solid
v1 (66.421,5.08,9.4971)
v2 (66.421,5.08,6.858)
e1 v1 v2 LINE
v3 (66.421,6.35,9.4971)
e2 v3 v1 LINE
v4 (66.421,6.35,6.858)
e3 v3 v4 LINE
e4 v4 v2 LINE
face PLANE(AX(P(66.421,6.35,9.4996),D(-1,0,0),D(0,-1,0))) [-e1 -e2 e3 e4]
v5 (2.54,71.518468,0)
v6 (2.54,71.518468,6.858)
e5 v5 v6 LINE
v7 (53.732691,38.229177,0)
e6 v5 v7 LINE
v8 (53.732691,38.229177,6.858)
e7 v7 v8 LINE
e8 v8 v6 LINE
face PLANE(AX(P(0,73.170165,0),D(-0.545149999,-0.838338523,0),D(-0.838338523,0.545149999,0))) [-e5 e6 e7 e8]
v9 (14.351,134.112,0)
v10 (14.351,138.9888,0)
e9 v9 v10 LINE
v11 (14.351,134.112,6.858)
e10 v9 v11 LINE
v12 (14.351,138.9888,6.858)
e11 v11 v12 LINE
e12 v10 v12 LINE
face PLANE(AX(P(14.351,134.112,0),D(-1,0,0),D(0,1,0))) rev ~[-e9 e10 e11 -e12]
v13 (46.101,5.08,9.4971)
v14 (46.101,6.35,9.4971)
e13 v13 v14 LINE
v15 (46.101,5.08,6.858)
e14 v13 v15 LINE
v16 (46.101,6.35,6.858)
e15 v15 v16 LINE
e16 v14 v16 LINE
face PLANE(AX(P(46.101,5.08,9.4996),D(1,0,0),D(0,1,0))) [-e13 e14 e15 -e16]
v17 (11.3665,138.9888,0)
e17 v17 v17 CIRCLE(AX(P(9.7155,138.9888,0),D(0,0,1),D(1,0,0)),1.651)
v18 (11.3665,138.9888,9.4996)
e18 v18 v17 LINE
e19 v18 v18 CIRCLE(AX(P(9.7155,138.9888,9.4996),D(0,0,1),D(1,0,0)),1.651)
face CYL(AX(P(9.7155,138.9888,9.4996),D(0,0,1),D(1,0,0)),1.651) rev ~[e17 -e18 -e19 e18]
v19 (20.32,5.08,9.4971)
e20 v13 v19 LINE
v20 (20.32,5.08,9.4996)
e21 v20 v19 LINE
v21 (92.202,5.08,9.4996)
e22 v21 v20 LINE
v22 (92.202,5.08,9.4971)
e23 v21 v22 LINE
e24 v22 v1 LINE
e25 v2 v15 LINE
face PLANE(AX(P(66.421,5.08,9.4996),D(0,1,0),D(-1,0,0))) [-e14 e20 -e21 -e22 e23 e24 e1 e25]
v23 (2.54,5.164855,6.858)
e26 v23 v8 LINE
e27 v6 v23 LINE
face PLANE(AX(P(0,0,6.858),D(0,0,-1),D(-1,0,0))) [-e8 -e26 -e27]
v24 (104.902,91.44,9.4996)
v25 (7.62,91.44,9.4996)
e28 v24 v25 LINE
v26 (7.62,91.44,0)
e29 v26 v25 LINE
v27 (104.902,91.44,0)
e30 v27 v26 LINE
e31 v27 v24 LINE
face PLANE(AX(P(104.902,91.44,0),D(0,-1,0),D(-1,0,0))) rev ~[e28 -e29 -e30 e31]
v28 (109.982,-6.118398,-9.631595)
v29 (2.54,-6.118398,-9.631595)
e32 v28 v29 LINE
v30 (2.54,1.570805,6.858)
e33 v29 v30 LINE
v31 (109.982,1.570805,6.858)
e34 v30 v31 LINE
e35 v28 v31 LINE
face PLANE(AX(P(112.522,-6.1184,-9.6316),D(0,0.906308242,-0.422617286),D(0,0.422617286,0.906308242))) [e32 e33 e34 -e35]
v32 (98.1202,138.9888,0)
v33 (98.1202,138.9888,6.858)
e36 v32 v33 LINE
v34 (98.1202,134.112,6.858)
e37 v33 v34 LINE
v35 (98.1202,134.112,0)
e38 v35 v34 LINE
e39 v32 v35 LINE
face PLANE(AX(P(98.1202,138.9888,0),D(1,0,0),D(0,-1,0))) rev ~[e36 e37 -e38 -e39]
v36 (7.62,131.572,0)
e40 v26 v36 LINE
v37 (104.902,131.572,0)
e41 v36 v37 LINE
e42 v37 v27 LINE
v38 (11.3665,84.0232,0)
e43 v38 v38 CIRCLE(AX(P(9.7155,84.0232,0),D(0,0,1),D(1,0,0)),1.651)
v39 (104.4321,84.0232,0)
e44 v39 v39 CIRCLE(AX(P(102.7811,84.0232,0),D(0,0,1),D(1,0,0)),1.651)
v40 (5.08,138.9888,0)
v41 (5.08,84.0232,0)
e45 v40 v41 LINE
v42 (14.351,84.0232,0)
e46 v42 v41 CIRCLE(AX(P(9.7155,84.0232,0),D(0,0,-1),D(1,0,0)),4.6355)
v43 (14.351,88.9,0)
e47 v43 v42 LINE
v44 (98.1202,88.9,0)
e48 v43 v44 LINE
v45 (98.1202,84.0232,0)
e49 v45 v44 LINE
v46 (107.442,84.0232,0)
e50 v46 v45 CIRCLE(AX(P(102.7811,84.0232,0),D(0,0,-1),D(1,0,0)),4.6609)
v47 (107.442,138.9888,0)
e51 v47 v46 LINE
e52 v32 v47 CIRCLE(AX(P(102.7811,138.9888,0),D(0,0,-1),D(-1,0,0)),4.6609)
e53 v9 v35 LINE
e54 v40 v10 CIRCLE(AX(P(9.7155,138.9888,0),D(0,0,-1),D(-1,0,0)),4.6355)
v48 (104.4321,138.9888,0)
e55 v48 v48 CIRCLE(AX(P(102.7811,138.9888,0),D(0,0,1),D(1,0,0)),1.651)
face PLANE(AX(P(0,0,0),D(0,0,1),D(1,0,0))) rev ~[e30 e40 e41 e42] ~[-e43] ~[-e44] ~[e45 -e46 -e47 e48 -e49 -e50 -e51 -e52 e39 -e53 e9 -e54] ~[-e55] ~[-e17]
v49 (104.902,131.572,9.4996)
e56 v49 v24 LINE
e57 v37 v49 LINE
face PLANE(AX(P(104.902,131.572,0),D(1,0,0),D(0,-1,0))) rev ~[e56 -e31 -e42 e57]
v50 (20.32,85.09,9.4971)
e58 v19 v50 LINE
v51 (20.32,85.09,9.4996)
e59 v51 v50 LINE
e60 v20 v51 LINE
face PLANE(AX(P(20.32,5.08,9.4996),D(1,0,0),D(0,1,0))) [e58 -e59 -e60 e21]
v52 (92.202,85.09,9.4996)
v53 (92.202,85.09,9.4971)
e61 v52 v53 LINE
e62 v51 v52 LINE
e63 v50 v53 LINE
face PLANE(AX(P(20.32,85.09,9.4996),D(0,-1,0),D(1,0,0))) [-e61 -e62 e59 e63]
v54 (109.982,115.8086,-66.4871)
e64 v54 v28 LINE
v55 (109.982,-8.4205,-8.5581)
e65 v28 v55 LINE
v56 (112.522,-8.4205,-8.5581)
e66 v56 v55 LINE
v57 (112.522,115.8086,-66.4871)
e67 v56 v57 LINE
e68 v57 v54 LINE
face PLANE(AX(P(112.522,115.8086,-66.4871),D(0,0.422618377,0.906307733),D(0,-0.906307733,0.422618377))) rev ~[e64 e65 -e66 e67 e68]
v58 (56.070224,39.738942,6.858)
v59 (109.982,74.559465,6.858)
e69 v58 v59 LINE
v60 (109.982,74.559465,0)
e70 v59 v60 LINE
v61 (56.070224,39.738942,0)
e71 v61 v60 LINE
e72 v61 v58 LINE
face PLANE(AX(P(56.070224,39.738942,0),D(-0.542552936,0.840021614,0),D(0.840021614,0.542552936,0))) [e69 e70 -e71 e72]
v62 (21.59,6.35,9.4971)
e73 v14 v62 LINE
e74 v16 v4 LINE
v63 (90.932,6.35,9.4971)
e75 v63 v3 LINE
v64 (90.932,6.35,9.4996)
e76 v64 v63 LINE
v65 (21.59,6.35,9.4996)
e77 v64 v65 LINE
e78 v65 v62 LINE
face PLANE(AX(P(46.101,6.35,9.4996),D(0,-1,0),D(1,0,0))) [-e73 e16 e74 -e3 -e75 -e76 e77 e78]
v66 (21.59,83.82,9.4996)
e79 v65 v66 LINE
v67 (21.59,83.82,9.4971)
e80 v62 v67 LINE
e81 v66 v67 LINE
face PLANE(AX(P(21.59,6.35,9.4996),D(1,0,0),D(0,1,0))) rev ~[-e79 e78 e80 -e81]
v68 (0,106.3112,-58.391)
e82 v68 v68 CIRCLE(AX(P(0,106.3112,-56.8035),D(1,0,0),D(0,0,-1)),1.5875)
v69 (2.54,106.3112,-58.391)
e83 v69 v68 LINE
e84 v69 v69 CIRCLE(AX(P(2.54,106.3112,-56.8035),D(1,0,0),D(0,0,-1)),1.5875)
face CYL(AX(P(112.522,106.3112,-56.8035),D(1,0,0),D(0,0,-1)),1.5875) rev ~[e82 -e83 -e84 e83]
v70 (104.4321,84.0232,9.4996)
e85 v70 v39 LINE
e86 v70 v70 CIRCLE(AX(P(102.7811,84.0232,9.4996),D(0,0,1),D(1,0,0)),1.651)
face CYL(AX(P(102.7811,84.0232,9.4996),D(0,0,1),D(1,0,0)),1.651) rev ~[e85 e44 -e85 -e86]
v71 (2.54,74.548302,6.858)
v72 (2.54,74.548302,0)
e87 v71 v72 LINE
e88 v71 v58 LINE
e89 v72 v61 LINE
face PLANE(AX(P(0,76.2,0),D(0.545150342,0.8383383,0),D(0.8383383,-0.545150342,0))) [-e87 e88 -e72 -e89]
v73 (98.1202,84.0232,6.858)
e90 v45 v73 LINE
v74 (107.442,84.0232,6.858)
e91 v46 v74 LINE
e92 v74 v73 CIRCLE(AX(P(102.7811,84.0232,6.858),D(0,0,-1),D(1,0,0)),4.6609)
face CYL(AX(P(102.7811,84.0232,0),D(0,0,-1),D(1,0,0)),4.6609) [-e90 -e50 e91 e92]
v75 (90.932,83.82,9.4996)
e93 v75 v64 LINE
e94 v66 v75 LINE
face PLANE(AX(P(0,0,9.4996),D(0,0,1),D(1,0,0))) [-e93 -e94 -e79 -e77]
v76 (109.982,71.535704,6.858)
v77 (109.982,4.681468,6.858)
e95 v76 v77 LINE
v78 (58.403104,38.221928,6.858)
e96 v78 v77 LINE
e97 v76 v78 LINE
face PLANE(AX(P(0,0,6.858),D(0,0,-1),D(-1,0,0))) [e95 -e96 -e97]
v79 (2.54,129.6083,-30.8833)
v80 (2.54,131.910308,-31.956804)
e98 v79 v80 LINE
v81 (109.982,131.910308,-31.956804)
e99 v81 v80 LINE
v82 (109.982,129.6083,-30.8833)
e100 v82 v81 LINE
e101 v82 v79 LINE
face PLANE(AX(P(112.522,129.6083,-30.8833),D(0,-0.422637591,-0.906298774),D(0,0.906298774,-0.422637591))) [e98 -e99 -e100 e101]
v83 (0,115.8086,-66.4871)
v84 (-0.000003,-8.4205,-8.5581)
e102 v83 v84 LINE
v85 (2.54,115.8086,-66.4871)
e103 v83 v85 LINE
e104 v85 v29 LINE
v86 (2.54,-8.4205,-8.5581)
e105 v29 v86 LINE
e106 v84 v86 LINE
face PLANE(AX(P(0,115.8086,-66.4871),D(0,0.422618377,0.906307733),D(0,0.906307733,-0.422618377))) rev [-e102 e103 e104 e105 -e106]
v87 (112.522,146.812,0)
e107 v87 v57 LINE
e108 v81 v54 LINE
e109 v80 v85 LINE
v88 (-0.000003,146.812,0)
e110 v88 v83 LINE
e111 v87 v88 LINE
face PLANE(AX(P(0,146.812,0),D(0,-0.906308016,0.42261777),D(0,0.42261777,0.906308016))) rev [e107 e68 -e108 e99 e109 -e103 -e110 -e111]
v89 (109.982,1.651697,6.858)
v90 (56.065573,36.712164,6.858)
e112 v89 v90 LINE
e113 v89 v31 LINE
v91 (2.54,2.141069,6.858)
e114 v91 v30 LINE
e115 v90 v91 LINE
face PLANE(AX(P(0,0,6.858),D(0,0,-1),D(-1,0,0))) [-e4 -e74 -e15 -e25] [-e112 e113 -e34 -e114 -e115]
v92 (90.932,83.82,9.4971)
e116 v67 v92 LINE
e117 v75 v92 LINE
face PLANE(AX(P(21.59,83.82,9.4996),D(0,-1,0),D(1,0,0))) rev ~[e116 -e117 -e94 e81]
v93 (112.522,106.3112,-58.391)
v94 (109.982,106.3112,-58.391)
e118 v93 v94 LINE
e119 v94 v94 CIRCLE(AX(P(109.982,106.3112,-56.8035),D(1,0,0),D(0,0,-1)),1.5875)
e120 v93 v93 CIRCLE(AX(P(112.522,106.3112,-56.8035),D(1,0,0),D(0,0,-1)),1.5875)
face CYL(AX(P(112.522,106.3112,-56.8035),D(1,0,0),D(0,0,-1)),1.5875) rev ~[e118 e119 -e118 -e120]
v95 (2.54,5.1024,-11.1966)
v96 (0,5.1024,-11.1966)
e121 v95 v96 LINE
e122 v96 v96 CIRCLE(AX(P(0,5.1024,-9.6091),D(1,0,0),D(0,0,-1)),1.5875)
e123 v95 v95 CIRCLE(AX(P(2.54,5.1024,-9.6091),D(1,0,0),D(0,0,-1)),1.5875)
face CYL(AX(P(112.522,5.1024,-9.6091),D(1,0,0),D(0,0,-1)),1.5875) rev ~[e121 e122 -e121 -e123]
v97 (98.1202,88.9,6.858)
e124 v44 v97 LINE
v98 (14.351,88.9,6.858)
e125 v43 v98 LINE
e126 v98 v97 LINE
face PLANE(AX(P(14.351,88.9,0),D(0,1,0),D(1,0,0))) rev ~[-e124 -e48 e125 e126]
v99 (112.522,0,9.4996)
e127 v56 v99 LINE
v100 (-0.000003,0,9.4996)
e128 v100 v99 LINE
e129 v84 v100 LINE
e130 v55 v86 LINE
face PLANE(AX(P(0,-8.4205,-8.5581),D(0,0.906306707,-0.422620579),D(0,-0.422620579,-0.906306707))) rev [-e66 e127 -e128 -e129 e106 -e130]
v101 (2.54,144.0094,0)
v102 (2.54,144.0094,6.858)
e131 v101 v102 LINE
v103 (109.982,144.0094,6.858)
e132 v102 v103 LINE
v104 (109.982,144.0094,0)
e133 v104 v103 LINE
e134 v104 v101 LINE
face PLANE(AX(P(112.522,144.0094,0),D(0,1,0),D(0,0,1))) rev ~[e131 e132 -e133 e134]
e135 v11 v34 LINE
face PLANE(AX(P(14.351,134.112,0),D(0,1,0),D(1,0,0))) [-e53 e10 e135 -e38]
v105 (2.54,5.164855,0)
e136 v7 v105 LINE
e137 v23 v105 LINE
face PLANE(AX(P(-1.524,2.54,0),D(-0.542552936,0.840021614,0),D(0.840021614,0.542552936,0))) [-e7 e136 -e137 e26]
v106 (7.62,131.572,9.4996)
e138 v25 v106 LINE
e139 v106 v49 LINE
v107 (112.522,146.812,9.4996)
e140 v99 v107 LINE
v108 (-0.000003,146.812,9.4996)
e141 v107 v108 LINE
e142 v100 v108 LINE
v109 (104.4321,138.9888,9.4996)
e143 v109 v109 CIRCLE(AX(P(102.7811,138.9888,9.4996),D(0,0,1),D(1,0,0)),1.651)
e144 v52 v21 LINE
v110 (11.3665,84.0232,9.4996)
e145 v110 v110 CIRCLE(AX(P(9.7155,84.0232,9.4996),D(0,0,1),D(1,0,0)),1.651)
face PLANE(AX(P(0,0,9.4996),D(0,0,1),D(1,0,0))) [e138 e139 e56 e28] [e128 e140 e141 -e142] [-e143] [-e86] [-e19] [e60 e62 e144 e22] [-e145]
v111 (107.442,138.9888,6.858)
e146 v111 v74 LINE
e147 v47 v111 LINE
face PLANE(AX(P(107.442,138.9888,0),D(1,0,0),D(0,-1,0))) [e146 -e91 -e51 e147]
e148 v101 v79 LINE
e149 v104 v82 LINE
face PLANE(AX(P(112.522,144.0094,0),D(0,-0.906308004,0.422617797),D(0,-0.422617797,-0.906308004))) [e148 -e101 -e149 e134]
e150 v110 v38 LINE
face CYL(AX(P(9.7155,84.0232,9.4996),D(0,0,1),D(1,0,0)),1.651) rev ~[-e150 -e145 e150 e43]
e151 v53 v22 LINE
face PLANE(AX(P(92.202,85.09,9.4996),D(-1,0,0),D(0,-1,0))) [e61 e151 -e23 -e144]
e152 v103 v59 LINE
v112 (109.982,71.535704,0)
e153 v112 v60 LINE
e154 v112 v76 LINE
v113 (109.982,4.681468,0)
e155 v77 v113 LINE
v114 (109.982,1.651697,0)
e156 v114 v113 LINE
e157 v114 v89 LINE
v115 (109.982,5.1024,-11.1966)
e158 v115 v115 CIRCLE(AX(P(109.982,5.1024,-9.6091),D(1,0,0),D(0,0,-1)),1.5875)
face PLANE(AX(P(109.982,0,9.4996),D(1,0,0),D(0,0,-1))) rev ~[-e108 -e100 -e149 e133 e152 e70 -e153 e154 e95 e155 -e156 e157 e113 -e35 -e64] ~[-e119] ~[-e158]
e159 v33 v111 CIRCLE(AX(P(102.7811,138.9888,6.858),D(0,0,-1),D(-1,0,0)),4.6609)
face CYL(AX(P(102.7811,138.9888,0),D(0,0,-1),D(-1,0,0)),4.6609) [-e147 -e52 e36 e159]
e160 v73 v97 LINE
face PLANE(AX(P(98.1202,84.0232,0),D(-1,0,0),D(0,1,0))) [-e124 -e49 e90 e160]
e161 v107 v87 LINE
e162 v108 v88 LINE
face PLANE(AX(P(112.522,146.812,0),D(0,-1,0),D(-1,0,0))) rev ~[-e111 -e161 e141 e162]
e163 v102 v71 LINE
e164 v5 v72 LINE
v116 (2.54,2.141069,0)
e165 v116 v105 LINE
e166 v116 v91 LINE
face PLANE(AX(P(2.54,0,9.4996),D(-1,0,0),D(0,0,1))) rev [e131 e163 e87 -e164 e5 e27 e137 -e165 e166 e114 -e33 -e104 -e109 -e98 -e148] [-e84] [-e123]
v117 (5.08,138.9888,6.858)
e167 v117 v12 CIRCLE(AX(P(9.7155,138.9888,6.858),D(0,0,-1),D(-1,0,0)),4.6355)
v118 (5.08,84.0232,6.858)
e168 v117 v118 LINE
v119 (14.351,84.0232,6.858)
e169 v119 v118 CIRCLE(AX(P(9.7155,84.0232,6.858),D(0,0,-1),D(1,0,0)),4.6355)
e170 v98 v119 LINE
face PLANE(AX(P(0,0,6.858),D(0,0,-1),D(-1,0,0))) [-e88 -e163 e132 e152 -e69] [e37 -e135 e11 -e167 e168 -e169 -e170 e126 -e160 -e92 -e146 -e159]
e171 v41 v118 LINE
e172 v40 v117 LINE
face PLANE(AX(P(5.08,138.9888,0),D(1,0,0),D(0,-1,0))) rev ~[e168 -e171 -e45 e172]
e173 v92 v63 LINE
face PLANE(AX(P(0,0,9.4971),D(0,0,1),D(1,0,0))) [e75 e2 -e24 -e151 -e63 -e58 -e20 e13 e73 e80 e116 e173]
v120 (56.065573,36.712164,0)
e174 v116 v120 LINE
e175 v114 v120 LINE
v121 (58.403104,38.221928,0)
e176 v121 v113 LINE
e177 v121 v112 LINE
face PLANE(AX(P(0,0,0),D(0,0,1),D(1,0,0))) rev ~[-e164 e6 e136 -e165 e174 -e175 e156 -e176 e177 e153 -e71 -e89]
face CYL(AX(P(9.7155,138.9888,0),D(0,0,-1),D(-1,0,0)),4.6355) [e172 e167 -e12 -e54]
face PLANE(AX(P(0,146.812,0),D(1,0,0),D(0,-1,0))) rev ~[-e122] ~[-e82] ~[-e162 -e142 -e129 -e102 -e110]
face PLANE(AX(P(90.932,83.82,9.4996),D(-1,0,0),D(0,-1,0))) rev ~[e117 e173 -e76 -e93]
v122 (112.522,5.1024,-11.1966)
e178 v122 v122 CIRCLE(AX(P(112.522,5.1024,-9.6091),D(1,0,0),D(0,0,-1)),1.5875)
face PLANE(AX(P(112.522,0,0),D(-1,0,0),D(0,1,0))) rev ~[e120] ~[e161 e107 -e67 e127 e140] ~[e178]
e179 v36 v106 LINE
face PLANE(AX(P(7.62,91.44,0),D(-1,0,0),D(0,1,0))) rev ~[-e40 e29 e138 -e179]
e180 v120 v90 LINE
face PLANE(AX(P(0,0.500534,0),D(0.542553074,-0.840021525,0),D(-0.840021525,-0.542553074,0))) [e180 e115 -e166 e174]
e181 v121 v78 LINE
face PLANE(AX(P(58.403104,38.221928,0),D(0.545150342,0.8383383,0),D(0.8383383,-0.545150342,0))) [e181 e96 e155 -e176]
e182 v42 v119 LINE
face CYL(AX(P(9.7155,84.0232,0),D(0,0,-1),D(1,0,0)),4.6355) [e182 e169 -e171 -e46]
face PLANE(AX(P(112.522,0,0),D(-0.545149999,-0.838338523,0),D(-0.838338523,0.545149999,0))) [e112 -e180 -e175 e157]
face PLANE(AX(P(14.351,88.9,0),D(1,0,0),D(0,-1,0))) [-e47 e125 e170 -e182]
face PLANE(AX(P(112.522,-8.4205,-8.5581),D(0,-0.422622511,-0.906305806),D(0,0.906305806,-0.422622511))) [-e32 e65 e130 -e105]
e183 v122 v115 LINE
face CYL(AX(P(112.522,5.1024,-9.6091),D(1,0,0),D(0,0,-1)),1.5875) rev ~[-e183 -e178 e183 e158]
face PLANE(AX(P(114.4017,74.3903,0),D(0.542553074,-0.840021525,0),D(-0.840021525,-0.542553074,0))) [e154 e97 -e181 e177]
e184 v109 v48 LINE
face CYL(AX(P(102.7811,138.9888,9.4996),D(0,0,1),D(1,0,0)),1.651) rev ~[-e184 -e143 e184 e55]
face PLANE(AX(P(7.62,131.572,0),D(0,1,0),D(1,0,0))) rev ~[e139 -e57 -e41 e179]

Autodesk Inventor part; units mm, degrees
ref_plane "YZ Plane" through (0, 0, 0) normal (1, 0, 0) x (0, 1, 0)
ref_plane "XZ Plane" through (0, 0, 0) normal (0, 1, 0) x (-1, 0, 0)
ref_plane "XY Plane" through (0, 0, 0) normal (0, 0, 1) x (1, 0, 0)
sketch "Sketch1" plane through (0, 0, 0) normal (0, 0, 1) x (1, 0, 0)
  line L0 (0, 0) -> (112.522, 0)
  line L1 (112.522, 0) -> (112.522, 146.812)
  line L2 (112.522, 146.812) -> (0, 146.812)
  line L3 (0, 146.812) -> (0, 0)
  line L4 (7.62, 131.572) -> (104.902, 131.572)
  line L5 (104.902, 131.572) -> (104.902, 91.44)
  line L6 (104.902, 91.44) -> (7.62, 91.44)
  line L7 (7.62, 91.44) -> (7.62, 131.572)
  line L8 (21.59, 83.82) -> (90.932, 83.82)
  line L9 (90.932, 83.82) -> (90.932, 6.35)
  line L10 (90.932, 6.35) -> (21.59, 6.35)
  line L11 (21.59, 6.35) -> (21.59, 83.82)
  dimension "d0" = 97.282
  dimension "d1" = 40.132
  dimension "d2" = 69.342
  dimension "d3" = 77.47
  dimension "d4" = 6.35
  dimension "d5" = 21.59
  dimension "d6" = 7.62
  dimension "d7" = 7.62
  dimension "d8" = 15.24
  dimension "d9" = 7.62
extrude "Extrusion1" add sketch "Sketch1" along normal blind 9.4996 contours L3 L2 L1 L0 | L8 L9 L10 L11
sketch "Sketch2" plane through (0, 0, 9.4996) normal (0, 0, 1) x (1, 0, 0)
  line L0 (0, 0) -> (112.522, 0)
  line L1 (112.522, 0) -> (112.522, 139.192)
  line L2 (112.522, 139.192) -> (0, 139.192)
  line L3 (0, 139.192) -> (0, 0)
  line L4 (7.62, 131.572) -> (104.902, 131.572)
  line L5 (104.902, 131.572) -> (104.902, 91.44)
  line L6 (104.902, 91.44) -> (7.62, 91.44)
  line L7 (7.62, 91.44) -> (7.62, 131.572)
  line L8 (21.59, 83.82) -> (90.932, 83.82)
  line L9 (90.932, 83.82) -> (90.932, 6.35)
  line L10 (90.932, 6.35) -> (21.59, 6.35)
  line L11 (21.59, 6.35) -> (21.59, 83.82)
  line L12 (20.32, 85.09) -> (92.202, 85.09)
  line L13 (92.202, 85.09) -> (92.202, 5.08)
  line L14 (92.202, 5.08) -> (20.32, 5.08)
  line L15 (20.32, 5.08) -> (20.32, 85.09)
  dimension "d12" = 97.282
  dimension "d13" = 40.132
  dimension "d14" = 69.342
  dimension "d15" = 77.47
  dimension "d16" = 6.35
  dimension "d17" = 21.59
  dimension "d18" = 7.62
  dimension "d19" = 7.62
  dimension "d20" = 7.62
  dimension "d21" = 7.62
  dimension "d33" = 1.27
  dimension "d34" = 1.27
  dimension "d35" = 1.27
  dimension "d36" = 1.27
extrude "Extrusion2" cut sketch "Sketch2" against normal blind 0.0025 contours L12 L13 L14 L15
sketch "Sketch3" plane through (0, 0, 9.4996) normal (0, 0, 1) x (1, 0, 0)
  circle A0 centre (9.7155, 138.9888) radius 1.651
  circle A1 centre (102.7811, 138.9888) radius 1.651
  circle A2 centre (102.7811, 84.0232) radius 1.651
  circle A3 centre (9.7155, 84.0232) radius 1.651
  line L0 (104.902, 131.572) -> (104.902, 91.44)
  line L1 (104.902, 91.44) -> (7.62, 91.44)
  line L2 (21.59, 6.35) -> (90.932, 6.35)
  line L3 (92.202, 5.08) -> (20.32, 5.08)
  line L4 (46.101, 6.35) -> (66.421, 6.35)
  line L5 (66.421, 6.35) -> (66.421, 5.08)
  line L6 (66.421, 5.08) -> (46.101, 5.08)
  line L7 (46.101, 5.08) -> (46.101, 6.35)
  line L8 (21.59, 83.82) -> (21.59, 6.35)
  line L9 (90.932, 6.35) -> (90.932, 83.82)
  point P0 (0, 0)
  dimension "d24" = 3.302
  dimension "d25" = 93.0656
  dimension "d26" = 93.0656
  dimension "d27" = 0
  dimension "d28" = 54.9656
  dimension "d29" = 2.1209
  dimension "d30" = 0
  dimension "d31" = 7.4168
  dimension "d32" = 0
  dimension "d37" = 20.32
  dimension "d38" = 24.511
  dimension "d39" = 24.511
extrude "Extrusion3" cut sketch "Sketch3" against normal through all
sketch "Sketch10" plane through (0, 0, 0) normal (0, 0, -1) x (-1, 0, 0)
  line L0 (12.7738, 184.0109) -> (-117.8029, 184.0109)
  line L1 (-117.8029, 184.0109) -> (-117.8029, -18.4511)
  line L2 (-117.8029, -18.4511) -> (12.7738, -18.4511)
  line L3 (12.7738, -18.4511) -> (12.7738, 184.0109)
  line L4 (-5.08, 138.9888) -> (-5.08, 84.0232)
  line L5 (-14.351, 134.112) -> (-98.1202, 134.112)
  line L6 (-107.442, 138.9888) -> (-107.442, 84.0232)
  line L7 (-112.522, 0) -> (-112.522, 146.812)
  line L8 (-14.351, 88.9) -> (-98.1202, 88.9)
  arc A0 (-5.08, 138.9888) -> (-14.351, 138.9888) centre (-9.7155, 138.9888) ccw
  arc A1 (-14.351, 84.0232) -> (-5.08, 84.0232) centre (-9.7155, 84.0232) ccw
  arc A2 (-107.442, 84.0232) -> (-98.1202, 84.0232) centre (-102.7811, 84.0232) ccw
  arc A3 (-98.1202, 138.9888) -> (-107.442, 138.9888) centre (-102.7811, 138.9888) ccw
  circle A4 centre (-9.7155, 84.0232) radius 1.651
  circle A5 centre (-9.7155, 138.9888) radius 1.651
  circle A6 centre (-102.7811, 138.9888) radius 1.651
  circle A7 centre (-102.7811, 84.0232) radius 1.651
  line L9 (-14.351, 134.112) -> (-14.351, 138.9888)
  line L10 (-98.1202, 138.9888) -> (-98.1202, 134.112)
  line L11 (-7.62, 131.572) -> (-7.62, 91.44)
  line L12 (-7.62, 131.572) -> (-104.902, 131.572)
  line L13 (-7.62, 91.44) -> (-104.902, 91.44)
  line L14 (-104.902, 131.572) -> (-104.902, 91.44)
  line L15 (-98.1202, 84.0232) -> (-98.1202, 88.9)
  line L16 (-14.351, 88.9) -> (-14.351, 84.0232)
  line L17 (0, 76.2) -> (-112.5015, 3.0431)
  line L18 (-112.5015, 3.0431) -> (-112.522, 0)
  line L19 (-112.522, 0) -> (1.3847, 74.0706)
  line L20 (1.3847, 74.0706) -> (0, 76.2)
  line L21 (1.524, 2.54) -> (-112.522, 76.2)
  line L22 (-112.522, 76.2) -> (-114.4017, 74.3903)
  line L23 (-114.4017, 74.3903) -> (0.1459, 0.4063)
  line L24 (0.1459, 0.4063) -> (1.524, 2.54)
  line L25 (0, 0) -> (-112.522, 0)
  line L26 (0, 146.812) -> (0, 0)
  point P0 (-14.351, 136.5504)
  dimension "d64" = 2.54
  dimension "d65" = 2.54
  dimension "d66" = 2.54
  dimension "d67" = 2.54
  dimension "d68" = 2.54
  dimension "d69" = 2.54
  dimension "d70" = 2.54
  dimension "d71" = 1.524
  dimension "d72" = 76.2
  dimension "d73" = 0
  dimension "d74" = 76.2
  dimension "d75" = 0
  dimension "d76" = 0
  dimension "d77" = 0
extrude "Extrusion8" cut sketch "Sketch10" against normal blind 6.858 contours L3 L2 L1 L0 | L7 L23 L17 L18 | L19 L23 L26 L25 | L19 L26 L21
sketch "Sketch5" plane through (112.522, 0, 9.4996) normal (1, 0, 0) x (0, 0, -1)
  line L0 (9.4996, 146.812) -> (0, 146.812)
  line L1 (9.4996, 146.812) -> (75.9867, 115.8086)
  line L2 (9.4996, 0) -> (0, 0)
  line L3 (18.0577, -8.4205) -> (0, 0)
  line L4 (0, 146.812) -> (0, 0)
  line L5 (0, 0) -> (0, 146.812)
  line L6 (0, 146.812) -> (9.4996, 146.812)
  line L7 (75.9867, 115.8086) -> (18.0577, -8.4205)
  line L8 (22.86, 146.812) -> (22.86, 73.406)
  line L9 (9.4996, 0) -> (9.4996, 146.812)
  point P0 (5.08, 0)
  point P1 (9.4996, 80.01)
  point P2 (22.86, 80.01)
  dimension "d45" = 25
  dimension "d47" = 22.86
  dimension "d48" = 33.02
extrude "Extrusion5" add sketch "Sketch5" against normal blind 2.54
ref_plane "Work Plane1" through (56.261, 0, 9.4996) normal (-1, 0, 0) x (0, 0, 1)
mirror "Mirror1" about plane through (56.261, 0, 9.4996) normal (-1, 0, 0) of "Extrusion5"
sketch "Sketch7" plane through (112.522, 0, 9.4996) normal (1, 0, 0) x (0, 0, -1)
  line L0 (18.0577, -8.4205) -> (0, 0)
  line L1 (0, 0) -> (18.0577, -8.4205)
  line L2 (18.0577, -8.4205) -> (19.1312, -6.1184)
  line L3 (75.9867, 115.8086) -> (18.0577, -8.4205)
  line L4 (0, 2.8026) -> (0, 0)
  line L5 (0.0025, 6.35) -> (0.0025, 83.82)
  line L6 (19.1312, -6.1184) -> (0, 2.8026)
  line L7 (9.4996, 146.812) -> (0, 146.812)
  line L8 (9.4996, 146.812) -> (9.4996, 144.0094)
  line L9 (9.4996, 146.812) -> (9.4996, 0)
  line L10 (9.4996, 144.0094) -> (40.3829, 129.6083)
  line L11 (40.3829, 129.6083) -> (41.4564, 131.9103)
  line L12 (9.4996, 146.812) -> (75.9867, 115.8086)
  line L13 (41.4564, 131.9103) -> (9.4996, 146.812)
  line L14 (0, 146.812) -> (9.4996, 146.812)
  line L15 (9.4996, 144.0094) -> (0, 144.0094)
  line L16 (0, 146.812) -> (0, 0)
  line L17 (0, 144.0094) -> (0, 146.812)
  point P0 (9.4996, 80.01)
  point P1 (2.6416, 146.812)
  dimension "d51" = 2.54
  dimension "d61" = 2.54
  dimension "d63" = 38.1
extrude "Extrusion6" add sketch "Sketch7" against normal through all contours L0 L4 L6 L2 | L16 L7 L8 L15 | L11 L10 L8 L12
sketch "Sketch8" plane through (112.522, 0, 9.4996) normal (1, 0, 0) x (0, 0, -1)
  circle A0 centre (19.1087, 5.1024) radius 1.5875
  circle A1 centre (66.3031, 106.3112) radius 1.5875
  line L0 (0, 0) -> (18.0577, -8.4205)
  line L1 (18.0577, -8.4205) -> (75.9867, 115.8086)
  line L2 (75.9867, 115.8086) -> (9.4996, 146.812)
  point P0 (9.4996, 0)
  dimension "d54" = 3.175
  dimension "d55" = 12.7
  dimension "d56" = 4.7625
  dimension "d57" = 4.7625
  dimension "d80" = 12.7
extrude "Extrusion7" cut sketch "Sketch8" against normal through all
properties part number "face"
